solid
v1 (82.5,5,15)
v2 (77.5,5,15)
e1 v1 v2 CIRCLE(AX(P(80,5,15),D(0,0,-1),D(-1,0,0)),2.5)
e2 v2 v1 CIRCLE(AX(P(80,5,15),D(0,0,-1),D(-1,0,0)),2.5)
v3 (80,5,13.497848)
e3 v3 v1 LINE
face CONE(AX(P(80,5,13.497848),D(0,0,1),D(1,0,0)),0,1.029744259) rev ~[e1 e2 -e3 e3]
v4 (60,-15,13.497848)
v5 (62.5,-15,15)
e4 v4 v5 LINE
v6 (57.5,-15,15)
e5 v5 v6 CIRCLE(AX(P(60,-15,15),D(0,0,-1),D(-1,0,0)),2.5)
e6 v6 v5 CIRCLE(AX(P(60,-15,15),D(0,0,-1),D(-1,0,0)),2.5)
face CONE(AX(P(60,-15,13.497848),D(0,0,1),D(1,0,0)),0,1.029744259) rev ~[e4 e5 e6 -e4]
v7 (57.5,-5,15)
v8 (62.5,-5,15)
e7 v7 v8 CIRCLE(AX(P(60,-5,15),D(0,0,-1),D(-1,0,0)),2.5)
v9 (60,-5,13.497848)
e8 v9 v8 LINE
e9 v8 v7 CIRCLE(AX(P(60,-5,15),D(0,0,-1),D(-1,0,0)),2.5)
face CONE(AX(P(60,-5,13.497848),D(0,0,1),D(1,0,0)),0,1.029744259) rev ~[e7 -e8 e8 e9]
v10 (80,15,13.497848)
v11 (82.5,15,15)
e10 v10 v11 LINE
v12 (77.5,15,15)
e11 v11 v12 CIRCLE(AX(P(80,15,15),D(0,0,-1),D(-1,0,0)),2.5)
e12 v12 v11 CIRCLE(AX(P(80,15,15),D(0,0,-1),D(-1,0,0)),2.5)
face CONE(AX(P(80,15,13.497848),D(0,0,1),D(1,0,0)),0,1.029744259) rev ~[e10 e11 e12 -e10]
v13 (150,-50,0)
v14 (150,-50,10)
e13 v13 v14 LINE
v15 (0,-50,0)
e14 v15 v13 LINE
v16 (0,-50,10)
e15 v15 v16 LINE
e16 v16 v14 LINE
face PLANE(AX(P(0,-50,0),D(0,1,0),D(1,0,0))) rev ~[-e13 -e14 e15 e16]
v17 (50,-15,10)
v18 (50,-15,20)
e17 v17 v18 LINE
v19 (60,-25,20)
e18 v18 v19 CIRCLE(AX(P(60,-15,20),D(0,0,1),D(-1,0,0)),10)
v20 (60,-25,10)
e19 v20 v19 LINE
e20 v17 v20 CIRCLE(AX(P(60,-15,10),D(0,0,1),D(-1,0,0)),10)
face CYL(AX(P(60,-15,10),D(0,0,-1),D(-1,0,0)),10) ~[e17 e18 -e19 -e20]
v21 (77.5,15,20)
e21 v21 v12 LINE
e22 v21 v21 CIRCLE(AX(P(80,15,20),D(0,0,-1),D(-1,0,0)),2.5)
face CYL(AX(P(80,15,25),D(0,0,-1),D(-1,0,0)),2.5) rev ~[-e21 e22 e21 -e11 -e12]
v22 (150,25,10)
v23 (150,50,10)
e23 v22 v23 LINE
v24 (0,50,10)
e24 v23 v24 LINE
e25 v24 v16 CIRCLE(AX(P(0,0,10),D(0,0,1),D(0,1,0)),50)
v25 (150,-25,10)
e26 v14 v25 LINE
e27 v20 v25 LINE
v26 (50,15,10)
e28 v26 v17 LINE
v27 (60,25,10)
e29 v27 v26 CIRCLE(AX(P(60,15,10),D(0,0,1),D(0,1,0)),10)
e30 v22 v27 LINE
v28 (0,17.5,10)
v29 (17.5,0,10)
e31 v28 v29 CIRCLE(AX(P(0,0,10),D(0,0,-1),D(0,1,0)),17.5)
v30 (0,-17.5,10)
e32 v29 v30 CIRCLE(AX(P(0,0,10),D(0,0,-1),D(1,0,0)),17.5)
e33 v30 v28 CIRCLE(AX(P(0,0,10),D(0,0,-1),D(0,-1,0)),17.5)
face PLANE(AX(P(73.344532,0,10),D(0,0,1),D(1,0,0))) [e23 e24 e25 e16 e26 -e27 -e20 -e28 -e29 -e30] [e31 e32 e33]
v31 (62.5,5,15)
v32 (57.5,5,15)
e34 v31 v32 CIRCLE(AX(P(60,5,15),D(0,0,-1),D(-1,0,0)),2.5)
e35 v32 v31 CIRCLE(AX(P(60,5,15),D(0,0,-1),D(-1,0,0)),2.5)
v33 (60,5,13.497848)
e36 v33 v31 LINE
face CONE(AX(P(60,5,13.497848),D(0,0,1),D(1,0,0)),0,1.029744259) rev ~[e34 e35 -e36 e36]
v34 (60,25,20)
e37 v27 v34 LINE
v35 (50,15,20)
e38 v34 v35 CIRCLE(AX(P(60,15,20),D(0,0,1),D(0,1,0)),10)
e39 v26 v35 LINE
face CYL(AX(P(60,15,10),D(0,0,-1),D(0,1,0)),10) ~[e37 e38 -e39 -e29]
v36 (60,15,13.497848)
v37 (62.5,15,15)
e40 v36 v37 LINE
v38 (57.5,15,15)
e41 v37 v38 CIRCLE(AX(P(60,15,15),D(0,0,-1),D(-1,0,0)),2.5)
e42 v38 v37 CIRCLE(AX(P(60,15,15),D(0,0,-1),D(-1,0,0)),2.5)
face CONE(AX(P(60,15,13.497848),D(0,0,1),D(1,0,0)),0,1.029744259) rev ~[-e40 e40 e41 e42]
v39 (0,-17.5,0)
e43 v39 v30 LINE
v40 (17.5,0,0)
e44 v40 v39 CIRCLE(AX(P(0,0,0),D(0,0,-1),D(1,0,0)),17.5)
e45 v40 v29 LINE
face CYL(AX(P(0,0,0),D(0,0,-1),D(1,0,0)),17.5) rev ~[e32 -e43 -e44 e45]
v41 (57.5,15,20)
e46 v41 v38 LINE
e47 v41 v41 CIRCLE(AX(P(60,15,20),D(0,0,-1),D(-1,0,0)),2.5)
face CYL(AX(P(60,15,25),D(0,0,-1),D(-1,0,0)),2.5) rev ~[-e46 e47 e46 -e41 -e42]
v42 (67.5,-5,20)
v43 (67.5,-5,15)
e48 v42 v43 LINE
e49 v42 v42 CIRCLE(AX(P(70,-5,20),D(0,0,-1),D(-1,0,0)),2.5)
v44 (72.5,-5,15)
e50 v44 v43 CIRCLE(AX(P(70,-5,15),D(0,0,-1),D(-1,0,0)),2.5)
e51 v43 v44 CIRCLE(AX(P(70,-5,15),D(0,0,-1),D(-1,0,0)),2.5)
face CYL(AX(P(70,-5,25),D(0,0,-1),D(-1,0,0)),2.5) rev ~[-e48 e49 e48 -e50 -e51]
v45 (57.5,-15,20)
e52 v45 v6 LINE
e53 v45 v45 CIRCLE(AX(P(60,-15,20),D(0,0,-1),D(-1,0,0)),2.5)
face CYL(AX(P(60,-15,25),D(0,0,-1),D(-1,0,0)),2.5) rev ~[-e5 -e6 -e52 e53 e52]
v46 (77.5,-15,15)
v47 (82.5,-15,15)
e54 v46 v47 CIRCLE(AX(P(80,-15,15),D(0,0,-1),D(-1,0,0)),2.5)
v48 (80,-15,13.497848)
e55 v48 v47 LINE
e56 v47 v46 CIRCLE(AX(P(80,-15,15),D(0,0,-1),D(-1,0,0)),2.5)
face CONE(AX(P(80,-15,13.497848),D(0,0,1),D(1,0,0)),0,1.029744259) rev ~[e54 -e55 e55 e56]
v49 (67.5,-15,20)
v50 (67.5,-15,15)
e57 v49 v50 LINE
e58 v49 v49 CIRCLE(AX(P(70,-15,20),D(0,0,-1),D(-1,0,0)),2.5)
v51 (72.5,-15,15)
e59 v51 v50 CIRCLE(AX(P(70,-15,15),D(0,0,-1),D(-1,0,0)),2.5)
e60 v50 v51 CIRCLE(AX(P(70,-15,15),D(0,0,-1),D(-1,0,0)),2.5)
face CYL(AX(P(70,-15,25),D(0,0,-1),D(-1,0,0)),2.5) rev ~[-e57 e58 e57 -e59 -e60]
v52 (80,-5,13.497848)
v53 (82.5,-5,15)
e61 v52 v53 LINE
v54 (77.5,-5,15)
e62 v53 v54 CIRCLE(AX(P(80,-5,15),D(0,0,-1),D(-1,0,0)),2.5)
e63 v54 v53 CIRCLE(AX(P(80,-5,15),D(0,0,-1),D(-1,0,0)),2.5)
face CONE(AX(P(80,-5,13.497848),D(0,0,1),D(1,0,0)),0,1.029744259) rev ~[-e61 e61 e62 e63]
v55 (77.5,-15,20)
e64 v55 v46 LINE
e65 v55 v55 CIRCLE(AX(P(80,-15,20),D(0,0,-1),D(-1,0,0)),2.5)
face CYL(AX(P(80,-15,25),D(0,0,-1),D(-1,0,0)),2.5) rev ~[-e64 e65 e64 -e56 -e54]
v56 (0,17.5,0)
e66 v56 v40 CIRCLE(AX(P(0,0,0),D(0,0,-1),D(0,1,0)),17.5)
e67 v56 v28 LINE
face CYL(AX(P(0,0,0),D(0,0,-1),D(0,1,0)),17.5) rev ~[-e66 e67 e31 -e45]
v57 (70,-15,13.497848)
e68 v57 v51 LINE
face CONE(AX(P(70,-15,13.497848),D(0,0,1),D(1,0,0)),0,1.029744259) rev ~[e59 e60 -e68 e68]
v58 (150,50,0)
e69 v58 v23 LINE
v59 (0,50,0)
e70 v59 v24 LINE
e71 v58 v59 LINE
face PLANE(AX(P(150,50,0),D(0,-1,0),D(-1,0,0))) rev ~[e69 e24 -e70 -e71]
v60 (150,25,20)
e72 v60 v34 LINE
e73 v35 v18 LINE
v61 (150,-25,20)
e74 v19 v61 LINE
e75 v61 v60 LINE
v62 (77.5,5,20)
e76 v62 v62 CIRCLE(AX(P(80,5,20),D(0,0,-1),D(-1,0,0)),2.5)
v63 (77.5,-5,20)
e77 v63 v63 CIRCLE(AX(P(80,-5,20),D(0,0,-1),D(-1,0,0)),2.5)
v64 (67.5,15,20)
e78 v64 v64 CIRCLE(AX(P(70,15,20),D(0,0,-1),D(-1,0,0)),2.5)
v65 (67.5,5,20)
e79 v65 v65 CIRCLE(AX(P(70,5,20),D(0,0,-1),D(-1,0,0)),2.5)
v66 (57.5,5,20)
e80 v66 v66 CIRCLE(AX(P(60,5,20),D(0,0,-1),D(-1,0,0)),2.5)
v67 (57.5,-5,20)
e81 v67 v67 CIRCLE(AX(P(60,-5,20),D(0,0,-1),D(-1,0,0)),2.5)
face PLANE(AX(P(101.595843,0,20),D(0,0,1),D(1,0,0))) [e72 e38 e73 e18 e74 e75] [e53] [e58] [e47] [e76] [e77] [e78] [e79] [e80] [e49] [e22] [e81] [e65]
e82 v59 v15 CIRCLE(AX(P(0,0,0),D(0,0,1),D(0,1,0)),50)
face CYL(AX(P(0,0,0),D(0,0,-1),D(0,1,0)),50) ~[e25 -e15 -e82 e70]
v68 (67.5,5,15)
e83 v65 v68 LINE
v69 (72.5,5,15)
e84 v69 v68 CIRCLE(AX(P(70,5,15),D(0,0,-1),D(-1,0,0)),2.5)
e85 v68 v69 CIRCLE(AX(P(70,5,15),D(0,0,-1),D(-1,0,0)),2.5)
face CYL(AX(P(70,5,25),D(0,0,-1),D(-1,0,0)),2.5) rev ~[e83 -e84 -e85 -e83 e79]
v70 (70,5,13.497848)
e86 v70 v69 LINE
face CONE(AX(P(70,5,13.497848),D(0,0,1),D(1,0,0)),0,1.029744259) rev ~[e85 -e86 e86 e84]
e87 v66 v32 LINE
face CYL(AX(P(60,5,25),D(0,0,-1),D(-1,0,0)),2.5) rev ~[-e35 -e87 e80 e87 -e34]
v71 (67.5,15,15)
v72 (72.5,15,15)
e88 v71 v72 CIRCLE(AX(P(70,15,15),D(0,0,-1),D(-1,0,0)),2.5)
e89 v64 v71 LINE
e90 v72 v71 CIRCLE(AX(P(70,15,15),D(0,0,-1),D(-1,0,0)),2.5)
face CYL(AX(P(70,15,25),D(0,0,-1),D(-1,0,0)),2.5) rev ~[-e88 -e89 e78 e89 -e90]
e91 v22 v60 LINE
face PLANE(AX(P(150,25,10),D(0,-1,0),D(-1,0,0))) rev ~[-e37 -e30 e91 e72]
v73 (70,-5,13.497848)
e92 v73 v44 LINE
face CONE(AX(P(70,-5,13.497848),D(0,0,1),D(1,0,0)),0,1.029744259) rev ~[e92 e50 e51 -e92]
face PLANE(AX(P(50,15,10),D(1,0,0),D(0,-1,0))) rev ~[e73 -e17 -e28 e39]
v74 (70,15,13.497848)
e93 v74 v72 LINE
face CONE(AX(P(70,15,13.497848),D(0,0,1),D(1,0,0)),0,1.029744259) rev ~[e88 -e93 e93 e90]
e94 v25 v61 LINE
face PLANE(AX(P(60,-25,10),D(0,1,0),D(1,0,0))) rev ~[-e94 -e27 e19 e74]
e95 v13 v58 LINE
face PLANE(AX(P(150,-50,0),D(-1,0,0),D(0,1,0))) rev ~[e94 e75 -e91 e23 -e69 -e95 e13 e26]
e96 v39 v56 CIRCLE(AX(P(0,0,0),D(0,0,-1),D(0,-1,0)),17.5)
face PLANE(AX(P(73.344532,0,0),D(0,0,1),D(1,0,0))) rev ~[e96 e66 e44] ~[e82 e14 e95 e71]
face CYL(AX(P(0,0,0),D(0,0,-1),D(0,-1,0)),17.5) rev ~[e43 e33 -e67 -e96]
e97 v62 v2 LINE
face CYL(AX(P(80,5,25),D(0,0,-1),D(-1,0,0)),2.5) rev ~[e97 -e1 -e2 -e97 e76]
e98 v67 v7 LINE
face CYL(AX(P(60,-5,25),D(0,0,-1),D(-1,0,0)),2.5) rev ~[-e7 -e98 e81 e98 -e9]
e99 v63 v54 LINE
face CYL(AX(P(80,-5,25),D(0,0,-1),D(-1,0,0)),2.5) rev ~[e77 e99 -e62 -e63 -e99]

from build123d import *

# Parameters (mm, degrees)
F1_DEPTH = 10
F3_DEPTH = 10
F5_D     = 5
F5_DEPTH = 5
F5_TIP   = 1.5021515476


with BuildPart() as f1:
    # F0 (on Top) → F1 (new body)
    with BuildSketch(Plane.XY):
        with BuildLine():
            ThreePointArc((0, 17.5), (12.3743686708, 12.3743686708), (17.5, 0))
            ThreePointArc((17.5, 0), (12.3743686708, -12.3743686708), (0, -17.5))
            Line((0, -17.5), (0, -50))
            Line((0, -50), (150, -50))
            Line((150, -50), (150, 50))
            Line((150, 50), (0, 50))
            Line((0, 50), (0, 17.5))
        make_face()
        with BuildLine():
            ThreePointArc((0, -17.5), (-17.5, 0), (0, 17.5))
            Line((0, 17.5), (0, 50))
            ThreePointArc((0, 50), (-50, 0), (0, -50))
            Line((0, -50), (0, -17.5))
        make_face()
    extrude(amount=F1_DEPTH)

    # F2 (on face) → F3 (join)
    with BuildSketch(Plane.XY.offset(10)):
        with BuildLine():
            Line((150, -25), (150, 25))
            Line((150, 25), (60, 25))
            ThreePointArc((60, 25), (52.9289321881, 22.0710678119), (50, 15))
            Line((50, 15), (50, -15))
            ThreePointArc((50, -15), (52.9289321881, -22.0710678119), (60, -25))
            Line((60, -25), (150, -25))
        make_face()
    extrude(amount=F3_DEPTH)

    # F5
    with Locations(Plane.XY.offset(20)):
        with Locations((60, 15), (70, 15), (80, 15), (60, 5), (70, 5), (80, 5), (60, -5), (70, -5), (80, -5), (60, -15), (70, -15), (80, -15)):
            Hole(F5_D / 2, depth=F5_DEPTH)
            with Locations((0, 0, -(F5_DEPTH + F5_TIP / 2))):  # 118° drill point
                Cone(0, F5_D / 2, F5_TIP, mode=Mode.SUBTRACT)


solid = f1.part
